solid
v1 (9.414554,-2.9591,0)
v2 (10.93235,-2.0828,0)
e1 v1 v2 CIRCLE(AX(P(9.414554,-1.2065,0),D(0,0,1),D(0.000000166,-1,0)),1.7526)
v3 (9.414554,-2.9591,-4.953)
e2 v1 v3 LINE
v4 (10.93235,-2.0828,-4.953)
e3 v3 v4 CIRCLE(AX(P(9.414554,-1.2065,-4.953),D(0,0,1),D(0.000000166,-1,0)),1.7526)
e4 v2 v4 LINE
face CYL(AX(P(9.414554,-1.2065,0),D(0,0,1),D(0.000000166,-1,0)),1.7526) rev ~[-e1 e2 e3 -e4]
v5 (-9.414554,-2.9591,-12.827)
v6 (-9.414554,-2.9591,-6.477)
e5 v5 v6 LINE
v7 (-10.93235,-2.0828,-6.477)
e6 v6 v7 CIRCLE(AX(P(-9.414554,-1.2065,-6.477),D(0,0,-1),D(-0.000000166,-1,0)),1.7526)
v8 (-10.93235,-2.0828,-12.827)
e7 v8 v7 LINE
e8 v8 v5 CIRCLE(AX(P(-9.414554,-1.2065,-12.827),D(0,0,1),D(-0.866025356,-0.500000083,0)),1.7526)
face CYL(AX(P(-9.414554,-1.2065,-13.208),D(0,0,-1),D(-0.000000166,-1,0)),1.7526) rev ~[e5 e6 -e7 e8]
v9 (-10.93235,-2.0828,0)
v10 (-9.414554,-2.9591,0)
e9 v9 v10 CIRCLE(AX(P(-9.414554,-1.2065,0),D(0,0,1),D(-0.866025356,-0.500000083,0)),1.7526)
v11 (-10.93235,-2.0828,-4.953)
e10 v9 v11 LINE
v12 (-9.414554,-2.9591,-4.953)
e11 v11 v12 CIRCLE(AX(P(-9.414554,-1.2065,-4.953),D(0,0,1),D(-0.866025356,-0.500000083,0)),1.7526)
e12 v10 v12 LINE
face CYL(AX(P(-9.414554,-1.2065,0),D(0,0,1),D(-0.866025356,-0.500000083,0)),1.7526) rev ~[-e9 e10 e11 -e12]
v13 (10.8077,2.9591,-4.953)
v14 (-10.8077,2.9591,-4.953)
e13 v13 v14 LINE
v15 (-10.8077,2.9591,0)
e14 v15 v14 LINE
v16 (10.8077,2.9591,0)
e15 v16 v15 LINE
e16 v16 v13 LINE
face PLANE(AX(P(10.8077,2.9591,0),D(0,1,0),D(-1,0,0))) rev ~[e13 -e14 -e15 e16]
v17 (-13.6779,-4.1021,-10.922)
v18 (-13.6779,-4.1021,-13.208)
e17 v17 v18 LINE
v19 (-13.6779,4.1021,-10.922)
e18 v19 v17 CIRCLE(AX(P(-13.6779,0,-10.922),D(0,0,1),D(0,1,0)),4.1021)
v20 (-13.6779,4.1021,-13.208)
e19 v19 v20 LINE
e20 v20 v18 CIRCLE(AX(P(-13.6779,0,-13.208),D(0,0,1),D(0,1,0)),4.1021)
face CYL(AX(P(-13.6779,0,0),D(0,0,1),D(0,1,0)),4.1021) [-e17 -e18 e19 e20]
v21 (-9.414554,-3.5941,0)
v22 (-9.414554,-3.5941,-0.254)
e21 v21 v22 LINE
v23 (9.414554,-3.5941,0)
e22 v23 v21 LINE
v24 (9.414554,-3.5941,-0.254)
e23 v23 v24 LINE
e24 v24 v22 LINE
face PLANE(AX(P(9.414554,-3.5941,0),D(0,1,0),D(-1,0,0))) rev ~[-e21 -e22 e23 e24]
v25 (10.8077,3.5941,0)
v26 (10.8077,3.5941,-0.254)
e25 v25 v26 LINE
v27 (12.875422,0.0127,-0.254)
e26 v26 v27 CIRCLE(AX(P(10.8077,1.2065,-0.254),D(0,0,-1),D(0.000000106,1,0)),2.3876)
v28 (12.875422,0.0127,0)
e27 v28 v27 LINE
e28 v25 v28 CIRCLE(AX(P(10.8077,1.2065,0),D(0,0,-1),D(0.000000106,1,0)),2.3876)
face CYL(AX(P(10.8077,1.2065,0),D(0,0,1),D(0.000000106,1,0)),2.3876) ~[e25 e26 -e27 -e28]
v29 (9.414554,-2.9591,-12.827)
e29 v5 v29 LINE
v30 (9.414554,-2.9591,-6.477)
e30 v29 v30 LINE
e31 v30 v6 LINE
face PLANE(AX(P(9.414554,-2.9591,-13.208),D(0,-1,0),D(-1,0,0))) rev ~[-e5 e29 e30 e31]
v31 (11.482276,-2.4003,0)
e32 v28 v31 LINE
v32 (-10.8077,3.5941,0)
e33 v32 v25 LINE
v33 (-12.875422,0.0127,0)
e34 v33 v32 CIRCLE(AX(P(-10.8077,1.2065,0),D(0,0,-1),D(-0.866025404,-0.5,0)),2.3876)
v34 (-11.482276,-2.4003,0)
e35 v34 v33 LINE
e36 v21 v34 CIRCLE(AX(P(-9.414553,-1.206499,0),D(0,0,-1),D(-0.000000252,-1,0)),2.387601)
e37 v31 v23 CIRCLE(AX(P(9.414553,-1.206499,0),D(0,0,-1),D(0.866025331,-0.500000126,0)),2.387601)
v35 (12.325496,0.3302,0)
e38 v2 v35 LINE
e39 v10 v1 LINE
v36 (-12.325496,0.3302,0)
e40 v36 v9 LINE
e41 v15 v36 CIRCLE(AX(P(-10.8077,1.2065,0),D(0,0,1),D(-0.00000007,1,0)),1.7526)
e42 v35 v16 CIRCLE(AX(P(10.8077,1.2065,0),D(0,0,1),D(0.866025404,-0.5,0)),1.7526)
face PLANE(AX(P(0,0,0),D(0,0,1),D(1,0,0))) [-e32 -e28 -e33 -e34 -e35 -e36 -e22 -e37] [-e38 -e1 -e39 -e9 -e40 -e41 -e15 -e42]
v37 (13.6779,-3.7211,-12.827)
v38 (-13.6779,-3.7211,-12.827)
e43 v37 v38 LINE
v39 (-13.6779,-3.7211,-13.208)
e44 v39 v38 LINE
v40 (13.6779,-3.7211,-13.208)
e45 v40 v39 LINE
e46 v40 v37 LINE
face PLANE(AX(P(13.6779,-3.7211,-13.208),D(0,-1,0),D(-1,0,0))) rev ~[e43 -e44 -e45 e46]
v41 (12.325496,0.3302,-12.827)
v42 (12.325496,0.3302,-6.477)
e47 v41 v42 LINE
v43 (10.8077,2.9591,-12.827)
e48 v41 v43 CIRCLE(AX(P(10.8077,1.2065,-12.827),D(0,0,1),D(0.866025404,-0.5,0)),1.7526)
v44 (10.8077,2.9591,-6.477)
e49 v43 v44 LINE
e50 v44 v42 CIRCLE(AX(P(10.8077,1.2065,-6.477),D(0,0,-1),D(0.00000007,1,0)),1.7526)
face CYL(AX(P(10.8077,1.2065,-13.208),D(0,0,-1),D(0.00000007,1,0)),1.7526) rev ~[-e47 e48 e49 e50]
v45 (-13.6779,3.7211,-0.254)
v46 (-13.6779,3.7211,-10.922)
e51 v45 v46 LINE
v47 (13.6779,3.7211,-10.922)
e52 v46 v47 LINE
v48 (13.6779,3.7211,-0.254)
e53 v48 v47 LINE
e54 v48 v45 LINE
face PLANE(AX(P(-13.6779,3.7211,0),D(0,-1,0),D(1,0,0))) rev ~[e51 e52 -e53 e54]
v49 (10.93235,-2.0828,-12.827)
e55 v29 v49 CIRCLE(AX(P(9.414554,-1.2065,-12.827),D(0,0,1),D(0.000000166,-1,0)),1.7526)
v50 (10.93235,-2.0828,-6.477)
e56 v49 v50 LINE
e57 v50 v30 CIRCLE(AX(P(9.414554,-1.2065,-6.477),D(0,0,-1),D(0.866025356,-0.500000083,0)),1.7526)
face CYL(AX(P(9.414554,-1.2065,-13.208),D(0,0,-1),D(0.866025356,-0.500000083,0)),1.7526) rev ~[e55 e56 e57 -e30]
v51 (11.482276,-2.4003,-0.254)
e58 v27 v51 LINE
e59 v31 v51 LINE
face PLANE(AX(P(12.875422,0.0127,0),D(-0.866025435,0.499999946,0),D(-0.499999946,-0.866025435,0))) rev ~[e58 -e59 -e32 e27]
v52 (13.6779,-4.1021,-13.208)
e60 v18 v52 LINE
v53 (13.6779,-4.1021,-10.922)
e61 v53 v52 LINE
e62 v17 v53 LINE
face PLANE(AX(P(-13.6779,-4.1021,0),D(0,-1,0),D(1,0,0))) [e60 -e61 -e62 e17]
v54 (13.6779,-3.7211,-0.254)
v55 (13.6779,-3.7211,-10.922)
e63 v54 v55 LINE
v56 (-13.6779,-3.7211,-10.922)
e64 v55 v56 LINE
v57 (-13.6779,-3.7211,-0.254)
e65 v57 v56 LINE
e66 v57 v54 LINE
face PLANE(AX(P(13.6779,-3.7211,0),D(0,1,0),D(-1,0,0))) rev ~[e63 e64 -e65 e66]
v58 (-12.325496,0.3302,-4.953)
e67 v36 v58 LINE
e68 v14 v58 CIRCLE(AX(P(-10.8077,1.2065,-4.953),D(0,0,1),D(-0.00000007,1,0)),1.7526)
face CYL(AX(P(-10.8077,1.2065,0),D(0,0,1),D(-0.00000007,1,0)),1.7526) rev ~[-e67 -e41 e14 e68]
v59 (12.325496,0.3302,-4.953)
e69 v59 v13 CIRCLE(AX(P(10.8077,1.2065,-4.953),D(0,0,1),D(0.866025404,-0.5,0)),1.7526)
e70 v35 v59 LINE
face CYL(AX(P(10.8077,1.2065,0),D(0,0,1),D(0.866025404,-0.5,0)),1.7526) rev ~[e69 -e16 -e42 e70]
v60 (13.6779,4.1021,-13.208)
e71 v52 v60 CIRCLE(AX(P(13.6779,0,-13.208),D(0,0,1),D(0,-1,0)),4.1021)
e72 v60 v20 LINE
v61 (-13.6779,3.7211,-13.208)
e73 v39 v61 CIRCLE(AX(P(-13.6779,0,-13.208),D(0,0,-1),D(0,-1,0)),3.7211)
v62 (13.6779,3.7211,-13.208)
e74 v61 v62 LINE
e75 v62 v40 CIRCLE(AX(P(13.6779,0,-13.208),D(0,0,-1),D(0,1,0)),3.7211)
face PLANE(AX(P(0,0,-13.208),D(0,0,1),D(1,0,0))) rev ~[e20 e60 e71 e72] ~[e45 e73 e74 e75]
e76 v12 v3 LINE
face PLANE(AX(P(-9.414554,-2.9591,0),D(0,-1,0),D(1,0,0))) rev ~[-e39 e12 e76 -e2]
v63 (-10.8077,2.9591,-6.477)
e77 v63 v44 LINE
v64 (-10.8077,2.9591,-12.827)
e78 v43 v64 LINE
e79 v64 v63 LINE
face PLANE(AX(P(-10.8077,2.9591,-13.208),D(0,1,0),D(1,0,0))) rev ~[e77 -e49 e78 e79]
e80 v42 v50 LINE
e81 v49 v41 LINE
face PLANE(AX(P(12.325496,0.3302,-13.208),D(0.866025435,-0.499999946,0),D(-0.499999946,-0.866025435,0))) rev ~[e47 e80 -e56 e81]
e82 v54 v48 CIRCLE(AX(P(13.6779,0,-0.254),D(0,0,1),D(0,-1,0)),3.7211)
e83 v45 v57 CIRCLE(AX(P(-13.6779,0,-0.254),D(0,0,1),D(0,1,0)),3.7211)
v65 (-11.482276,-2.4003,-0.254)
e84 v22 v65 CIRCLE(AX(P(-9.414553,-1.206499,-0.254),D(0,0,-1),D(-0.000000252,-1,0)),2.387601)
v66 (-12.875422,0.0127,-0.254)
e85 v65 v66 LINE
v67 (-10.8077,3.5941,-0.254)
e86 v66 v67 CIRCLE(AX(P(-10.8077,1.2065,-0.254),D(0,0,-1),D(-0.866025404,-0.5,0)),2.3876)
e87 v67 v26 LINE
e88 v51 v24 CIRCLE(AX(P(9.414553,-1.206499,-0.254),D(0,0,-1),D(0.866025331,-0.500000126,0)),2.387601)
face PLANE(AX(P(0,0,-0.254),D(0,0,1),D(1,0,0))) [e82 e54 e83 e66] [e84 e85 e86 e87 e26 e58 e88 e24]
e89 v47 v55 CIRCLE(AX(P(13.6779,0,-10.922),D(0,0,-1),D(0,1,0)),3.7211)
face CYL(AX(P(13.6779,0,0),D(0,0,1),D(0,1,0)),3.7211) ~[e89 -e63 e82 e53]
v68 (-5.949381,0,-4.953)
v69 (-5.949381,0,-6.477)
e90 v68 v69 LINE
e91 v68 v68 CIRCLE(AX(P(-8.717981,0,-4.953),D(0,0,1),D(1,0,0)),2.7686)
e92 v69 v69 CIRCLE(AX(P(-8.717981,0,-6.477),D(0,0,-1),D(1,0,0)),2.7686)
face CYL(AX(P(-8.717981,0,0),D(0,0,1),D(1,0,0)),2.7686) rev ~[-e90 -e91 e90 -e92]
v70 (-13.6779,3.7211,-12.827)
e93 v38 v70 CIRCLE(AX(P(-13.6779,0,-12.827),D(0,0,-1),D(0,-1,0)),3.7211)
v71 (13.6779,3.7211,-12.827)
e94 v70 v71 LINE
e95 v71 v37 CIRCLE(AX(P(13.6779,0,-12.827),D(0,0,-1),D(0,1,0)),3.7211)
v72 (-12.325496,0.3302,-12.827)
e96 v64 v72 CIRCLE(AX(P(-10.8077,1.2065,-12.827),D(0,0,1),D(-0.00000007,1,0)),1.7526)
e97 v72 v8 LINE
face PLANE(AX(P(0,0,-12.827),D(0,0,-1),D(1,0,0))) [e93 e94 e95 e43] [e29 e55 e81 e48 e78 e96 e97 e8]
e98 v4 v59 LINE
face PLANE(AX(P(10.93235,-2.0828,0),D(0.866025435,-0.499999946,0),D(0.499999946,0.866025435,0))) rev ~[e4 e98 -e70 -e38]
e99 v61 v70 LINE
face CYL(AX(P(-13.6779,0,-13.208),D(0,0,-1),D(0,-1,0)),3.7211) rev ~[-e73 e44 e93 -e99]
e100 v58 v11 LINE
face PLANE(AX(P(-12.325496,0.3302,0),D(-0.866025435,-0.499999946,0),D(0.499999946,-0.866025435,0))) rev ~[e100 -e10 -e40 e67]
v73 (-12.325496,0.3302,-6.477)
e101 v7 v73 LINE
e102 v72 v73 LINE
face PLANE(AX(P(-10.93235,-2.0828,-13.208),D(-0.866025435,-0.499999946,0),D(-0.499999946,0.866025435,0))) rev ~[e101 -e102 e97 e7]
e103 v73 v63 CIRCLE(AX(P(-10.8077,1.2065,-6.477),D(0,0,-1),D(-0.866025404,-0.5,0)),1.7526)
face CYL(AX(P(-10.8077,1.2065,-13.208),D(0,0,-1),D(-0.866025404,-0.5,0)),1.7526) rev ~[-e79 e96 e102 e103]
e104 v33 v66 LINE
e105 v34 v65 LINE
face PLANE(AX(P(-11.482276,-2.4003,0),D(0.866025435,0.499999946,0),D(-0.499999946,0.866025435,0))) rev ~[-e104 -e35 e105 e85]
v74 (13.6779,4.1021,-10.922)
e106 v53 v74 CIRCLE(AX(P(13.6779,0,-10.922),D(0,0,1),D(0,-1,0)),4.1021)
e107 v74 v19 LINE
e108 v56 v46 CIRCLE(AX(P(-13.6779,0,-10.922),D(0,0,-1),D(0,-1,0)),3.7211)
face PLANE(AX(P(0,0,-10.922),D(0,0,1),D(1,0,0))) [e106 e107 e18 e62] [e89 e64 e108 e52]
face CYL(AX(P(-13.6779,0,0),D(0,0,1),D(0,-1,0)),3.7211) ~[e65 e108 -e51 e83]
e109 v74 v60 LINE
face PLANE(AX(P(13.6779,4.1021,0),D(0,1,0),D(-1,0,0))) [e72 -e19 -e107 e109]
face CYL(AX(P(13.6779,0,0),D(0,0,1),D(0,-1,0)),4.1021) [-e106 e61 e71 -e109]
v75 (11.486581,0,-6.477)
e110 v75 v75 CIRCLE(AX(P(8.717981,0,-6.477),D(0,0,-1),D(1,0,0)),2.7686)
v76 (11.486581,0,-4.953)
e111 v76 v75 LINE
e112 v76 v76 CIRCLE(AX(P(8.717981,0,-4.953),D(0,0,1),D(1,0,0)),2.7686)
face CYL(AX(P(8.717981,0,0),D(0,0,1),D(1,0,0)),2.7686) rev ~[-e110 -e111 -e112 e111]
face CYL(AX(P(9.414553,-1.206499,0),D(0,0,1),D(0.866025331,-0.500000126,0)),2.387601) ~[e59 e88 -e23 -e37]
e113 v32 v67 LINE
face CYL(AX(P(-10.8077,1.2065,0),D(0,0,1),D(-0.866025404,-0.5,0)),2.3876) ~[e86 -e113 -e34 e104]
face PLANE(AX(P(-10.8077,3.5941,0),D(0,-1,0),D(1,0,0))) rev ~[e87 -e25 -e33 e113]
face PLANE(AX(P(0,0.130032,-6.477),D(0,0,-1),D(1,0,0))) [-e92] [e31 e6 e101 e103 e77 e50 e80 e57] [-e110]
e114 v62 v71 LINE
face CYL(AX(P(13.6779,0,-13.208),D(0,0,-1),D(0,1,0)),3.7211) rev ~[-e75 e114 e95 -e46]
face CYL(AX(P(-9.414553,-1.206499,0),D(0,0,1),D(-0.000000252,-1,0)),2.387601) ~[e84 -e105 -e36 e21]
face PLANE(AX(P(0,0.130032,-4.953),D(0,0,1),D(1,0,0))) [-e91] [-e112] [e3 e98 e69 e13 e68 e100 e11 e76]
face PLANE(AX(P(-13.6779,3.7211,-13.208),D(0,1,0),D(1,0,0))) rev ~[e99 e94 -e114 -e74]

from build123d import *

# Parameters (mm, degrees)
F0_R     = 2.7686
F1_DEPTH = 13.208
F2_DEPTH = 10.922
F3_DEPTH = 0.254
F4_DEPTH = 4.953
F5_R     = 2.7686
F6_DEPTH = 6.731
F7_DEPTH = 0.381


with BuildPart() as f1:
    # F0 (on Top) → F1 (new body)
    with BuildSketch(Plane.XY):
        with BuildLine():
            Line((-13.6779, -4.1021), (13.6779, -4.1021))
            ThreePointArc((13.6779, -4.1021), (17.78, 0), (13.6779, 4.1021))
            Line((13.6779, 4.1021), (-13.6779, 4.1021))
            ThreePointArc((-13.6779, 4.1021), (-17.78, 0), (-13.6779, -4.1021))
        make_face()
        with BuildLine():
            ThreePointArc((-13.6779, -3.7211), (-17.399, 0), (-13.6779, 3.7211))
            Line((-13.6779, 3.7211), (13.6779, 3.7211))
            ThreePointArc((13.6779, 3.7211), (17.399, 0), (13.6779, -3.7211))
            Line((13.6779, -3.7211), (-13.6779, -3.7211))
        make_face(mode=Mode.SUBTRACT)
        with BuildLine():
            Line((13.6779, 3.7211), (-13.6779, 3.7211))
            ThreePointArc((-13.6779, 3.7211), (-17.399, 0), (-13.6779, -3.7211))
            Line((-13.6779, -3.7211), (13.6779, -3.7211))
            ThreePointArc((13.6779, -3.7211), (17.399, 0), (13.6779, 3.7211))
        make_face()
        with BuildLine():
            ThreePointArc((-12.875422, 0.0127), (-12.875422, 2.4003), (-10.8077, 3.5941))
            Line((-10.8077, 3.5941), (10.8077, 3.5941))
            ThreePointArc((10.8077, 3.5941), (12.875422, 2.4003), (12.875422, 0.0127))
            Line((12.875422, 0.0127), (11.482276, -2.4003))
            ThreePointArc((11.482276, -2.4003), (10.608354, -3.274222), (9.414554, -3.5941))
            Line((9.414554, -3.5941), (-9.414554, -3.5941))
            ThreePointArc((-9.414554, -3.5941), (-10.608354, -3.274222), (-11.482276, -2.4003))
            Line((-11.482276, -2.4003), (-12.875422, 0.0127))
        make_face(mode=Mode.SUBTRACT)
        with BuildLine():
            Line((10.8077, 3.5941), (-10.8077, 3.5941))
            ThreePointArc((-10.8077, 3.5941), (-12.875422, 2.4003), (-12.875422, 0.0127))
            Line((-12.875422, 0.0127), (-11.482276, -2.4003))
            ThreePointArc((-11.482276, -2.4003), (-10.608354, -3.274222), (-9.414554, -3.5941))
            Line((-9.414554, -3.5941), (9.414554, -3.5941))
            ThreePointArc((9.414554, -3.5941), (10.608354, -3.274222), (11.482276, -2.4003))
            Line((11.482276, -2.4003), (12.875422, 0.0127))
            ThreePointArc((12.875422, 0.0127), (12.875422, 2.4003), (10.8077, 3.5941))
        make_face()
        with BuildLine():
            ThreePointArc((-12.325496, 0.3302), (-12.325496, 2.0828), (-10.8077, 2.9591))
            Line((-10.8077, 2.9591), (10.8077, 2.9591))
            ThreePointArc((10.8077, 2.9591), (12.325496, 2.0828), (12.325496, 0.3302))
            Line((12.325496, 0.3302), (10.93235, -2.0828))
            ThreePointArc((10.93235, -2.0828), (10.290854, -2.724296), (9.414554, -2.9591))
            Line((9.414554, -2.9591), (-9.414554, -2.9591))
            ThreePointArc((-9.414554, -2.9591), (-10.290854, -2.724296), (-10.93235, -2.0828))
            Line((-10.93235, -2.0828), (-12.325496, 0.3302))
        make_face(mode=Mode.SUBTRACT)
        with BuildLine():
            Line((10.8077, 2.9591), (-10.8077, 2.9591))
            ThreePointArc((-10.8077, 2.9591), (-12.325496, 2.0828), (-12.325496, 0.3302))
            Line((-12.325496, 0.3302), (-10.93235, -2.0828))
            ThreePointArc((-10.93235, -2.0828), (-10.290854, -2.724296), (-9.414554, -2.9591))
            Line((-9.414554, -2.9591), (9.414554, -2.9591))
            ThreePointArc((9.414554, -2.9591), (10.290854, -2.724296), (10.93235, -2.0828))
            Line((10.93235, -2.0828), (12.325496, 0.3302))
            ThreePointArc((12.325496, 0.3302), (12.325496, 2.0828), (10.8077, 2.9591))
        make_face()
        with Locations((-8.717981, 0)):
            Circle(F0_R, mode=Mode.SUBTRACT)
        with Locations((8.717981, 0)):
            Circle(F0_R, mode=Mode.SUBTRACT)
    extrude(amount=-F1_DEPTH)

    # F0 (on Top) → F2 (cut)
    with BuildSketch(Plane.XY):
        with BuildLine():
            Line((-13.6779, -4.1021), (13.6779, -4.1021))
            ThreePointArc((13.6779, -4.1021), (17.78, 0), (13.6779, 4.1021))
            Line((13.6779, 4.1021), (-13.6779, 4.1021))
            ThreePointArc((-13.6779, 4.1021), (-17.78, 0), (-13.6779, -4.1021))
        make_face()
        with BuildLine():
            ThreePointArc((-13.6779, -3.7211), (-17.399, 0), (-13.6779, 3.7211))
            Line((-13.6779, 3.7211), (13.6779, 3.7211))
            ThreePointArc((13.6779, 3.7211), (17.399, 0), (13.6779, -3.7211))
            Line((13.6779, -3.7211), (-13.6779, -3.7211))
        make_face(mode=Mode.SUBTRACT)
    extrude(amount=-F2_DEPTH, mode=Mode.SUBTRACT)

    # F0 (on Top) → F3 (cut)
    with BuildSketch(Plane.XY):
        with BuildLine():
            Line((13.6779, 3.7211), (-13.6779, 3.7211))
            ThreePointArc((-13.6779, 3.7211), (-17.399, 0), (-13.6779, -3.7211))
            Line((-13.6779, -3.7211), (13.6779, -3.7211))
            ThreePointArc((13.6779, -3.7211), (17.399, 0), (13.6779, 3.7211))
        make_face()
        with BuildLine():
            ThreePointArc((-12.875422, 0.0127), (-12.875422, 2.4003), (-10.8077, 3.5941))
            Line((-10.8077, 3.5941), (10.8077, 3.5941))
            ThreePointArc((10.8077, 3.5941), (12.875422, 2.4003), (12.875422, 0.0127))
            Line((12.875422, 0.0127), (11.482276, -2.4003))
            ThreePointArc((11.482276, -2.4003), (10.608354, -3.274222), (9.414554, -3.5941))
            Line((9.414554, -3.5941), (-9.414554, -3.5941))
            ThreePointArc((-9.414554, -3.5941), (-10.608354, -3.274222), (-11.482276, -2.4003))
            Line((-11.482276, -2.4003), (-12.875422, 0.0127))
        make_face(mode=Mode.SUBTRACT)
    extrude(amount=-F3_DEPTH, mode=Mode.SUBTRACT)

    # F0 (on Top) → F4 (cut)
    with BuildSketch(Plane.XY):
        with BuildLine():
            Line((10.8077, 2.9591), (-10.8077, 2.9591))
            ThreePointArc((-10.8077, 2.9591), (-12.325496, 2.0828), (-12.325496, 0.3302))
            Line((-12.325496, 0.3302), (-10.93235, -2.0828))
            ThreePointArc((-10.93235, -2.0828), (-10.290854, -2.724296), (-9.414554, -2.9591))
            Line((-9.414554, -2.9591), (9.414554, -2.9591))
            ThreePointArc((9.414554, -2.9591), (10.290854, -2.724296), (10.93235, -2.0828))
            Line((10.93235, -2.0828), (12.325496, 0.3302))
            ThreePointArc((12.325496, 0.3302), (12.325496, 2.0828), (10.8077, 2.9591))
        make_face()
        with Locations((-8.717981, 0)):
            Circle(F0_R, mode=Mode.SUBTRACT)
        with Locations((8.717981, 0)):
            Circle(F0_R, mode=Mode.SUBTRACT)
    extrude(amount=-F4_DEPTH, mode=Mode.SUBTRACT)

    # F5 (on face) → F6 (cut)
    with BuildSketch(Plane(origin=(0, 0, -13.208), x_dir=(1, 0, 0), z_dir=(0, 0, -1))):
        with BuildLine():
            ThreePointArc((-12.325496, -0.3302), (-12.325496, -2.0828), (-10.8077, -2.9591))
            Line((-10.8077, -2.9591), (10.8077, -2.9591))
            ThreePointArc((10.8077, -2.9591), (12.325496, -2.0828), (12.325496, -0.3302))
            Line((12.325496, -0.3302), (10.93235, 2.0828))
            ThreePointArc((10.93235, 2.0828), (10.290854, 2.724296), (9.414554, 2.9591))
            Line((9.414554, 2.9591), (-9.414554, 2.9591))
            ThreePointArc((-9.414554, 2.9591), (-10.290854, 2.724296), (-10.93235, 2.0828))
            Line((-10.93235, 2.0828), (-12.325496, -0.3302))
        make_face()
        with Locations((-8.717981, 0)):
            Circle(F5_R, mode=Mode.SUBTRACT)
        with Locations((8.717981, 0)):
            Circle(F5_R, mode=Mode.SUBTRACT)
    extrude(amount=-F6_DEPTH, mode=Mode.SUBTRACT)

    # F5 (on face) → F7 (cut)
    with BuildSketch(Plane(origin=(0, 0, -13.208), x_dir=(1, 0, 0), z_dir=(0, 0, -1))):
        with BuildLine():
            ThreePointArc((13.6779, -3.7211), (17.399, 0), (13.6779, 3.7211))
            Line((13.6779, 3.7211), (-13.6779, 3.7211))
            ThreePointArc((-13.6779, 3.7211), (-17.399, 0), (-13.6779, -3.7211))
            Line((-13.6779, -3.7211), (13.6779, -3.7211))
        make_face()
        with BuildLine():
            Line((10.8077, -2.9591), (-10.8077, -2.9591))
            ThreePointArc((-10.8077, -2.9591), (-12.325496, -2.0828), (-12.325496, -0.3302))
            Line((-12.325496, -0.3302), (-10.93235, 2.0828))
            ThreePointArc((-10.93235, 2.0828), (-10.290854, 2.724296), (-9.414554, 2.9591))
            Line((-9.414554, 2.9591), (9.414554, 2.9591))
            ThreePointArc((9.414554, 2.9591), (10.290854, 2.724296), (10.93235, 2.0828))
            Line((10.93235, 2.0828), (12.325496, -0.3302))
            ThreePointArc((12.325496, -0.3302), (12.325496, -2.0828), (10.8077, -2.9591))
        make_face(mode=Mode.SUBTRACT)
    extrude(amount=-F7_DEPTH, mode=Mode.SUBTRACT)


solid = f1.part
